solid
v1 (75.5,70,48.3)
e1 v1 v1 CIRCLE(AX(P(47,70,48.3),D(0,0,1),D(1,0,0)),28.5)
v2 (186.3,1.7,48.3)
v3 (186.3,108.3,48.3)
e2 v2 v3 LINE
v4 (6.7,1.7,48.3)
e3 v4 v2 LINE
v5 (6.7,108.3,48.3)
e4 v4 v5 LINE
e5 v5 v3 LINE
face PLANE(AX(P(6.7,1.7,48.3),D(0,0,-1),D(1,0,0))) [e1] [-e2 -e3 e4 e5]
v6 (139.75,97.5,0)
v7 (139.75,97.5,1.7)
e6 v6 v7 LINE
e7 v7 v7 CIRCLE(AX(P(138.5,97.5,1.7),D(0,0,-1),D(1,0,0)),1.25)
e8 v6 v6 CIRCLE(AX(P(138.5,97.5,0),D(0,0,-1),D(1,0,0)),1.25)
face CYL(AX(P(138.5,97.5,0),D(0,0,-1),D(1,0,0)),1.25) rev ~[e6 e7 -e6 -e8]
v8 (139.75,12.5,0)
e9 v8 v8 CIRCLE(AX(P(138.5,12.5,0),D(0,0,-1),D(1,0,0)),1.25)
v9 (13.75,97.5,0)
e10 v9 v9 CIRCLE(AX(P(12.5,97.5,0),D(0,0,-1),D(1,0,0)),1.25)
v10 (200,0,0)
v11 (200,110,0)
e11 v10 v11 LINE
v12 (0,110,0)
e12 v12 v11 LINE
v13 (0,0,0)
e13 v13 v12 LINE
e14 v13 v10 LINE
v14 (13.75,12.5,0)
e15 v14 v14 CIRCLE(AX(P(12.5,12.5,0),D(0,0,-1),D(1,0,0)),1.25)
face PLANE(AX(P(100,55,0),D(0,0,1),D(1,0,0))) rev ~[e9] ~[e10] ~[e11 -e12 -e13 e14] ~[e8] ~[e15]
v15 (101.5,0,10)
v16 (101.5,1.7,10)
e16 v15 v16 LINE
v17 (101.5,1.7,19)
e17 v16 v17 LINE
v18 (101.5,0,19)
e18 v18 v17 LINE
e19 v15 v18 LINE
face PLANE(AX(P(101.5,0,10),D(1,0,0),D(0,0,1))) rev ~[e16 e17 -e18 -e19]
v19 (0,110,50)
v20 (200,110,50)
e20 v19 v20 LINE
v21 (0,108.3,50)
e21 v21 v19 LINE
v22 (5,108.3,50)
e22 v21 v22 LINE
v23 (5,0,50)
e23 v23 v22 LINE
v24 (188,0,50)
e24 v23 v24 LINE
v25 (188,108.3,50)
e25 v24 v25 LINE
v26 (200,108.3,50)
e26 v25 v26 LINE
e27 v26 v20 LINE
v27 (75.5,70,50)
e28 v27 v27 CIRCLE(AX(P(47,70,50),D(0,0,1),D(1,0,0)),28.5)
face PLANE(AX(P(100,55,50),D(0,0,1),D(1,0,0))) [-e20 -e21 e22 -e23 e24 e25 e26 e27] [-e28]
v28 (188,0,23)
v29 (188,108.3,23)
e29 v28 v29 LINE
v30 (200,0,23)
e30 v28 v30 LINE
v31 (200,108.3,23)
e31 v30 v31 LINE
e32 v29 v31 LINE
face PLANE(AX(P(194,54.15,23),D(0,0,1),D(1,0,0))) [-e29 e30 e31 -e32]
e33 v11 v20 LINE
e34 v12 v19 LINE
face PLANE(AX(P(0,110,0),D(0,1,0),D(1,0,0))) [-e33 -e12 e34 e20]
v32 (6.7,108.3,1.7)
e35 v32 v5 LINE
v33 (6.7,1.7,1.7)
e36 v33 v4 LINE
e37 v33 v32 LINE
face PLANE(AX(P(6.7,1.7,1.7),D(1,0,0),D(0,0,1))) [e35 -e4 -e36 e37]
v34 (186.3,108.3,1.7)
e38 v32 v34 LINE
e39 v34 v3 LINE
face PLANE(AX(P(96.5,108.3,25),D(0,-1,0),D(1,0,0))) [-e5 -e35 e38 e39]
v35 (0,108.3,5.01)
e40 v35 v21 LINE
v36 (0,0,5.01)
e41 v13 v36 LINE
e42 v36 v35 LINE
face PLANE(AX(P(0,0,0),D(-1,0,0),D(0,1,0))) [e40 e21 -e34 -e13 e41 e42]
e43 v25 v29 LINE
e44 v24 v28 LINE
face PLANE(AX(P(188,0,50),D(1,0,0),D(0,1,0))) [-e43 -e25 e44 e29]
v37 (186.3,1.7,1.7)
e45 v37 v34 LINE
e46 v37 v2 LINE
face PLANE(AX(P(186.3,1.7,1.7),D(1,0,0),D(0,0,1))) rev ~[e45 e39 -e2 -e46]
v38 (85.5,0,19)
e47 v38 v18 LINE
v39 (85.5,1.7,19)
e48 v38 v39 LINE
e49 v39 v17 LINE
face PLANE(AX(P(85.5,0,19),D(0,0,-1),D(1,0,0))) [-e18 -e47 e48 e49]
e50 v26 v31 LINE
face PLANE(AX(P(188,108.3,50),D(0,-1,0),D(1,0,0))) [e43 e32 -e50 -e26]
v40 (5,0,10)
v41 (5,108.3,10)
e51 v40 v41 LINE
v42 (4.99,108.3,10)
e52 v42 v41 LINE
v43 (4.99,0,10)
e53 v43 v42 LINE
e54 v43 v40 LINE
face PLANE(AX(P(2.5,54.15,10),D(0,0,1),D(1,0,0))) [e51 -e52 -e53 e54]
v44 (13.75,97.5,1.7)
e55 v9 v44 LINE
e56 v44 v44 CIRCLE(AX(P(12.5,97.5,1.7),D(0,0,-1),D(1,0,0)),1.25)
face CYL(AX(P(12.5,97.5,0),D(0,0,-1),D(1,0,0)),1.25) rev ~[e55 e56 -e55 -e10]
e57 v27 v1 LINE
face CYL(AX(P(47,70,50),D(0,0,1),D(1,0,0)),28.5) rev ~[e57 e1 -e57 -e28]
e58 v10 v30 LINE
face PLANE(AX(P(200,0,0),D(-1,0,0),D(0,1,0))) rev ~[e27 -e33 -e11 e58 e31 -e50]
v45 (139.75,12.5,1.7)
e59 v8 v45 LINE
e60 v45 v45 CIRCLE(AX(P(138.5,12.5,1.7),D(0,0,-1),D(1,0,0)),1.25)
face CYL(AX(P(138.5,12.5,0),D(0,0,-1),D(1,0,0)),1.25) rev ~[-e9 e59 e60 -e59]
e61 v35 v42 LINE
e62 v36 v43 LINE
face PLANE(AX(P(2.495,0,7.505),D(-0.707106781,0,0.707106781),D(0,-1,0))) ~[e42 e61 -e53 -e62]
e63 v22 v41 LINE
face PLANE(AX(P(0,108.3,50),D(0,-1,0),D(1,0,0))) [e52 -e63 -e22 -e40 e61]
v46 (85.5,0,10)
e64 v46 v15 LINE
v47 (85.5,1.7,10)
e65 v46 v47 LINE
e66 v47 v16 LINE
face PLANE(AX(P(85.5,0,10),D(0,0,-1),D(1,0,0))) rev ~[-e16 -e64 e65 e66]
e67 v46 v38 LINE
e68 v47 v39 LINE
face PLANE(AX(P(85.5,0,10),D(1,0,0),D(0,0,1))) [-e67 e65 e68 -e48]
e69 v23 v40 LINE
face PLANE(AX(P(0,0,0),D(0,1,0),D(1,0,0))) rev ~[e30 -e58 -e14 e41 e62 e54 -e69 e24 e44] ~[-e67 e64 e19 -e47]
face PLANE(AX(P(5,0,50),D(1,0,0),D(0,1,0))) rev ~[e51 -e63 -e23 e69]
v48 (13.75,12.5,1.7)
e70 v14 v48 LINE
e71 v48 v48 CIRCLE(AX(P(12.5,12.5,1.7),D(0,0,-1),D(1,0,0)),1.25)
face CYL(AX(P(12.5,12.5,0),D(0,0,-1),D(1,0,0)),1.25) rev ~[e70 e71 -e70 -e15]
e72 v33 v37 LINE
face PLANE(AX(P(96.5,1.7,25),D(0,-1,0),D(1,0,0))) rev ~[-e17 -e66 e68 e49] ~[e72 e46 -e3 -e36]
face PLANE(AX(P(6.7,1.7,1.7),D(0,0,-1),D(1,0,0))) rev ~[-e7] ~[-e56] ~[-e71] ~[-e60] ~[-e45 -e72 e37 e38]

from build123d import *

# Parameters (mm, degrees)
SKETCH_W        = 200
SKETCH_H        = 110
PAD_DEPTH       = 50
SKETCH001_W     = 16
SKETCH001_H     = 9
POCKET_DEPTH    = 1.7
SKETCH002_W     = 12
SKETCH002_H     = 108.3
POCKET001_DEPTH = 27
SKETCH003_R     = 1.25
POCKET002_DEPTH = 10
SKETCH004_W     = 179.6
SKETCH004_H     = 46.6
POCKET003_DEPTH = 106.6
SKETCH005_W     = 5
SKETCH005_H     = 108.3
POCKET004_DEPTH = 40
CHAMFER_SIZE    = 4.99
SKETCH006_R     = 28.5
POCKET005_DEPTH = 5


with BuildPart() as part:
    # Sketch → Pad (new body)
    with BuildSketch(Plane.XY):
        with Locations((100, 55)):
            Rectangle(SKETCH_W, SKETCH_H)
    extrude(amount=PAD_DEPTH)

    # Sketch001 (on Face1 of Pad) → Pocket (cut)
    with BuildSketch(Plane.XZ):
        with Locations((93.5, 14.5)):
            Rectangle(SKETCH001_W, SKETCH001_H)
    extrude(amount=-POCKET_DEPTH, mode=Mode.SUBTRACT)

    # Sketch002 (on Face4 of Pocket) → Pocket001 (cut)
    with BuildSketch(Plane.XY.offset(50)):
        with Locations((194, 54.15)):
            Rectangle(SKETCH002_W, SKETCH002_H)
    extrude(amount=-POCKET001_DEPTH, mode=Mode.SUBTRACT)

    # Sketch003 (on Face2 of Pocket001) → Pocket002 (cut)
    with BuildSketch(Plane(origin=(0, 0, 0), x_dir=(1, 0, 0), z_dir=(0, 0, -1))):
        with Locations((12.5, -12.5)):
            Circle(SKETCH003_R)
        with Locations((12.5, -97.5)):
            Circle(SKETCH003_R)
        with Locations((138.5, -97.5)):
            Circle(SKETCH003_R)
        with Locations((138.5, -12.5)):
            Circle(SKETCH003_R)
    extrude(amount=-POCKET002_DEPTH, mode=Mode.SUBTRACT)

    # Sketch004 (on Face18 of Pocket002) → Pocket003 (cut)
    with BuildSketch(Plane.XZ.offset(-1.7)):
        with Locations((96.5, 25)):
            Rectangle(SKETCH004_W, SKETCH004_H)
    extrude(amount=-POCKET003_DEPTH, mode=Mode.SUBTRACT)

    # Sketch005 (on Face6 of Pocket003) → Pocket004 (cut)
    with BuildSketch(Plane.XY.offset(50)):
        with Locations((2.5, 54.15)):
            Rectangle(SKETCH005_W, SKETCH005_H)
    extrude(amount=-POCKET004_DEPTH, mode=Mode.SUBTRACT)

    # Chamfer
    chamfer_edges = [part.edges().sort_by_distance(p)[0] for p in [
        (0, 54.15, 10),
    ]]
    chamfer(chamfer_edges, length=CHAMFER_SIZE)

    # Sketch006 (on Face6 of Chamfer) → Pocket005 (cut)
    with BuildSketch(Plane.XY.offset(50)):
        with Locations((47, 70)):
            Circle(SKETCH006_R)
    extrude(amount=-POCKET005_DEPTH, mode=Mode.SUBTRACT)


solid = part.part
